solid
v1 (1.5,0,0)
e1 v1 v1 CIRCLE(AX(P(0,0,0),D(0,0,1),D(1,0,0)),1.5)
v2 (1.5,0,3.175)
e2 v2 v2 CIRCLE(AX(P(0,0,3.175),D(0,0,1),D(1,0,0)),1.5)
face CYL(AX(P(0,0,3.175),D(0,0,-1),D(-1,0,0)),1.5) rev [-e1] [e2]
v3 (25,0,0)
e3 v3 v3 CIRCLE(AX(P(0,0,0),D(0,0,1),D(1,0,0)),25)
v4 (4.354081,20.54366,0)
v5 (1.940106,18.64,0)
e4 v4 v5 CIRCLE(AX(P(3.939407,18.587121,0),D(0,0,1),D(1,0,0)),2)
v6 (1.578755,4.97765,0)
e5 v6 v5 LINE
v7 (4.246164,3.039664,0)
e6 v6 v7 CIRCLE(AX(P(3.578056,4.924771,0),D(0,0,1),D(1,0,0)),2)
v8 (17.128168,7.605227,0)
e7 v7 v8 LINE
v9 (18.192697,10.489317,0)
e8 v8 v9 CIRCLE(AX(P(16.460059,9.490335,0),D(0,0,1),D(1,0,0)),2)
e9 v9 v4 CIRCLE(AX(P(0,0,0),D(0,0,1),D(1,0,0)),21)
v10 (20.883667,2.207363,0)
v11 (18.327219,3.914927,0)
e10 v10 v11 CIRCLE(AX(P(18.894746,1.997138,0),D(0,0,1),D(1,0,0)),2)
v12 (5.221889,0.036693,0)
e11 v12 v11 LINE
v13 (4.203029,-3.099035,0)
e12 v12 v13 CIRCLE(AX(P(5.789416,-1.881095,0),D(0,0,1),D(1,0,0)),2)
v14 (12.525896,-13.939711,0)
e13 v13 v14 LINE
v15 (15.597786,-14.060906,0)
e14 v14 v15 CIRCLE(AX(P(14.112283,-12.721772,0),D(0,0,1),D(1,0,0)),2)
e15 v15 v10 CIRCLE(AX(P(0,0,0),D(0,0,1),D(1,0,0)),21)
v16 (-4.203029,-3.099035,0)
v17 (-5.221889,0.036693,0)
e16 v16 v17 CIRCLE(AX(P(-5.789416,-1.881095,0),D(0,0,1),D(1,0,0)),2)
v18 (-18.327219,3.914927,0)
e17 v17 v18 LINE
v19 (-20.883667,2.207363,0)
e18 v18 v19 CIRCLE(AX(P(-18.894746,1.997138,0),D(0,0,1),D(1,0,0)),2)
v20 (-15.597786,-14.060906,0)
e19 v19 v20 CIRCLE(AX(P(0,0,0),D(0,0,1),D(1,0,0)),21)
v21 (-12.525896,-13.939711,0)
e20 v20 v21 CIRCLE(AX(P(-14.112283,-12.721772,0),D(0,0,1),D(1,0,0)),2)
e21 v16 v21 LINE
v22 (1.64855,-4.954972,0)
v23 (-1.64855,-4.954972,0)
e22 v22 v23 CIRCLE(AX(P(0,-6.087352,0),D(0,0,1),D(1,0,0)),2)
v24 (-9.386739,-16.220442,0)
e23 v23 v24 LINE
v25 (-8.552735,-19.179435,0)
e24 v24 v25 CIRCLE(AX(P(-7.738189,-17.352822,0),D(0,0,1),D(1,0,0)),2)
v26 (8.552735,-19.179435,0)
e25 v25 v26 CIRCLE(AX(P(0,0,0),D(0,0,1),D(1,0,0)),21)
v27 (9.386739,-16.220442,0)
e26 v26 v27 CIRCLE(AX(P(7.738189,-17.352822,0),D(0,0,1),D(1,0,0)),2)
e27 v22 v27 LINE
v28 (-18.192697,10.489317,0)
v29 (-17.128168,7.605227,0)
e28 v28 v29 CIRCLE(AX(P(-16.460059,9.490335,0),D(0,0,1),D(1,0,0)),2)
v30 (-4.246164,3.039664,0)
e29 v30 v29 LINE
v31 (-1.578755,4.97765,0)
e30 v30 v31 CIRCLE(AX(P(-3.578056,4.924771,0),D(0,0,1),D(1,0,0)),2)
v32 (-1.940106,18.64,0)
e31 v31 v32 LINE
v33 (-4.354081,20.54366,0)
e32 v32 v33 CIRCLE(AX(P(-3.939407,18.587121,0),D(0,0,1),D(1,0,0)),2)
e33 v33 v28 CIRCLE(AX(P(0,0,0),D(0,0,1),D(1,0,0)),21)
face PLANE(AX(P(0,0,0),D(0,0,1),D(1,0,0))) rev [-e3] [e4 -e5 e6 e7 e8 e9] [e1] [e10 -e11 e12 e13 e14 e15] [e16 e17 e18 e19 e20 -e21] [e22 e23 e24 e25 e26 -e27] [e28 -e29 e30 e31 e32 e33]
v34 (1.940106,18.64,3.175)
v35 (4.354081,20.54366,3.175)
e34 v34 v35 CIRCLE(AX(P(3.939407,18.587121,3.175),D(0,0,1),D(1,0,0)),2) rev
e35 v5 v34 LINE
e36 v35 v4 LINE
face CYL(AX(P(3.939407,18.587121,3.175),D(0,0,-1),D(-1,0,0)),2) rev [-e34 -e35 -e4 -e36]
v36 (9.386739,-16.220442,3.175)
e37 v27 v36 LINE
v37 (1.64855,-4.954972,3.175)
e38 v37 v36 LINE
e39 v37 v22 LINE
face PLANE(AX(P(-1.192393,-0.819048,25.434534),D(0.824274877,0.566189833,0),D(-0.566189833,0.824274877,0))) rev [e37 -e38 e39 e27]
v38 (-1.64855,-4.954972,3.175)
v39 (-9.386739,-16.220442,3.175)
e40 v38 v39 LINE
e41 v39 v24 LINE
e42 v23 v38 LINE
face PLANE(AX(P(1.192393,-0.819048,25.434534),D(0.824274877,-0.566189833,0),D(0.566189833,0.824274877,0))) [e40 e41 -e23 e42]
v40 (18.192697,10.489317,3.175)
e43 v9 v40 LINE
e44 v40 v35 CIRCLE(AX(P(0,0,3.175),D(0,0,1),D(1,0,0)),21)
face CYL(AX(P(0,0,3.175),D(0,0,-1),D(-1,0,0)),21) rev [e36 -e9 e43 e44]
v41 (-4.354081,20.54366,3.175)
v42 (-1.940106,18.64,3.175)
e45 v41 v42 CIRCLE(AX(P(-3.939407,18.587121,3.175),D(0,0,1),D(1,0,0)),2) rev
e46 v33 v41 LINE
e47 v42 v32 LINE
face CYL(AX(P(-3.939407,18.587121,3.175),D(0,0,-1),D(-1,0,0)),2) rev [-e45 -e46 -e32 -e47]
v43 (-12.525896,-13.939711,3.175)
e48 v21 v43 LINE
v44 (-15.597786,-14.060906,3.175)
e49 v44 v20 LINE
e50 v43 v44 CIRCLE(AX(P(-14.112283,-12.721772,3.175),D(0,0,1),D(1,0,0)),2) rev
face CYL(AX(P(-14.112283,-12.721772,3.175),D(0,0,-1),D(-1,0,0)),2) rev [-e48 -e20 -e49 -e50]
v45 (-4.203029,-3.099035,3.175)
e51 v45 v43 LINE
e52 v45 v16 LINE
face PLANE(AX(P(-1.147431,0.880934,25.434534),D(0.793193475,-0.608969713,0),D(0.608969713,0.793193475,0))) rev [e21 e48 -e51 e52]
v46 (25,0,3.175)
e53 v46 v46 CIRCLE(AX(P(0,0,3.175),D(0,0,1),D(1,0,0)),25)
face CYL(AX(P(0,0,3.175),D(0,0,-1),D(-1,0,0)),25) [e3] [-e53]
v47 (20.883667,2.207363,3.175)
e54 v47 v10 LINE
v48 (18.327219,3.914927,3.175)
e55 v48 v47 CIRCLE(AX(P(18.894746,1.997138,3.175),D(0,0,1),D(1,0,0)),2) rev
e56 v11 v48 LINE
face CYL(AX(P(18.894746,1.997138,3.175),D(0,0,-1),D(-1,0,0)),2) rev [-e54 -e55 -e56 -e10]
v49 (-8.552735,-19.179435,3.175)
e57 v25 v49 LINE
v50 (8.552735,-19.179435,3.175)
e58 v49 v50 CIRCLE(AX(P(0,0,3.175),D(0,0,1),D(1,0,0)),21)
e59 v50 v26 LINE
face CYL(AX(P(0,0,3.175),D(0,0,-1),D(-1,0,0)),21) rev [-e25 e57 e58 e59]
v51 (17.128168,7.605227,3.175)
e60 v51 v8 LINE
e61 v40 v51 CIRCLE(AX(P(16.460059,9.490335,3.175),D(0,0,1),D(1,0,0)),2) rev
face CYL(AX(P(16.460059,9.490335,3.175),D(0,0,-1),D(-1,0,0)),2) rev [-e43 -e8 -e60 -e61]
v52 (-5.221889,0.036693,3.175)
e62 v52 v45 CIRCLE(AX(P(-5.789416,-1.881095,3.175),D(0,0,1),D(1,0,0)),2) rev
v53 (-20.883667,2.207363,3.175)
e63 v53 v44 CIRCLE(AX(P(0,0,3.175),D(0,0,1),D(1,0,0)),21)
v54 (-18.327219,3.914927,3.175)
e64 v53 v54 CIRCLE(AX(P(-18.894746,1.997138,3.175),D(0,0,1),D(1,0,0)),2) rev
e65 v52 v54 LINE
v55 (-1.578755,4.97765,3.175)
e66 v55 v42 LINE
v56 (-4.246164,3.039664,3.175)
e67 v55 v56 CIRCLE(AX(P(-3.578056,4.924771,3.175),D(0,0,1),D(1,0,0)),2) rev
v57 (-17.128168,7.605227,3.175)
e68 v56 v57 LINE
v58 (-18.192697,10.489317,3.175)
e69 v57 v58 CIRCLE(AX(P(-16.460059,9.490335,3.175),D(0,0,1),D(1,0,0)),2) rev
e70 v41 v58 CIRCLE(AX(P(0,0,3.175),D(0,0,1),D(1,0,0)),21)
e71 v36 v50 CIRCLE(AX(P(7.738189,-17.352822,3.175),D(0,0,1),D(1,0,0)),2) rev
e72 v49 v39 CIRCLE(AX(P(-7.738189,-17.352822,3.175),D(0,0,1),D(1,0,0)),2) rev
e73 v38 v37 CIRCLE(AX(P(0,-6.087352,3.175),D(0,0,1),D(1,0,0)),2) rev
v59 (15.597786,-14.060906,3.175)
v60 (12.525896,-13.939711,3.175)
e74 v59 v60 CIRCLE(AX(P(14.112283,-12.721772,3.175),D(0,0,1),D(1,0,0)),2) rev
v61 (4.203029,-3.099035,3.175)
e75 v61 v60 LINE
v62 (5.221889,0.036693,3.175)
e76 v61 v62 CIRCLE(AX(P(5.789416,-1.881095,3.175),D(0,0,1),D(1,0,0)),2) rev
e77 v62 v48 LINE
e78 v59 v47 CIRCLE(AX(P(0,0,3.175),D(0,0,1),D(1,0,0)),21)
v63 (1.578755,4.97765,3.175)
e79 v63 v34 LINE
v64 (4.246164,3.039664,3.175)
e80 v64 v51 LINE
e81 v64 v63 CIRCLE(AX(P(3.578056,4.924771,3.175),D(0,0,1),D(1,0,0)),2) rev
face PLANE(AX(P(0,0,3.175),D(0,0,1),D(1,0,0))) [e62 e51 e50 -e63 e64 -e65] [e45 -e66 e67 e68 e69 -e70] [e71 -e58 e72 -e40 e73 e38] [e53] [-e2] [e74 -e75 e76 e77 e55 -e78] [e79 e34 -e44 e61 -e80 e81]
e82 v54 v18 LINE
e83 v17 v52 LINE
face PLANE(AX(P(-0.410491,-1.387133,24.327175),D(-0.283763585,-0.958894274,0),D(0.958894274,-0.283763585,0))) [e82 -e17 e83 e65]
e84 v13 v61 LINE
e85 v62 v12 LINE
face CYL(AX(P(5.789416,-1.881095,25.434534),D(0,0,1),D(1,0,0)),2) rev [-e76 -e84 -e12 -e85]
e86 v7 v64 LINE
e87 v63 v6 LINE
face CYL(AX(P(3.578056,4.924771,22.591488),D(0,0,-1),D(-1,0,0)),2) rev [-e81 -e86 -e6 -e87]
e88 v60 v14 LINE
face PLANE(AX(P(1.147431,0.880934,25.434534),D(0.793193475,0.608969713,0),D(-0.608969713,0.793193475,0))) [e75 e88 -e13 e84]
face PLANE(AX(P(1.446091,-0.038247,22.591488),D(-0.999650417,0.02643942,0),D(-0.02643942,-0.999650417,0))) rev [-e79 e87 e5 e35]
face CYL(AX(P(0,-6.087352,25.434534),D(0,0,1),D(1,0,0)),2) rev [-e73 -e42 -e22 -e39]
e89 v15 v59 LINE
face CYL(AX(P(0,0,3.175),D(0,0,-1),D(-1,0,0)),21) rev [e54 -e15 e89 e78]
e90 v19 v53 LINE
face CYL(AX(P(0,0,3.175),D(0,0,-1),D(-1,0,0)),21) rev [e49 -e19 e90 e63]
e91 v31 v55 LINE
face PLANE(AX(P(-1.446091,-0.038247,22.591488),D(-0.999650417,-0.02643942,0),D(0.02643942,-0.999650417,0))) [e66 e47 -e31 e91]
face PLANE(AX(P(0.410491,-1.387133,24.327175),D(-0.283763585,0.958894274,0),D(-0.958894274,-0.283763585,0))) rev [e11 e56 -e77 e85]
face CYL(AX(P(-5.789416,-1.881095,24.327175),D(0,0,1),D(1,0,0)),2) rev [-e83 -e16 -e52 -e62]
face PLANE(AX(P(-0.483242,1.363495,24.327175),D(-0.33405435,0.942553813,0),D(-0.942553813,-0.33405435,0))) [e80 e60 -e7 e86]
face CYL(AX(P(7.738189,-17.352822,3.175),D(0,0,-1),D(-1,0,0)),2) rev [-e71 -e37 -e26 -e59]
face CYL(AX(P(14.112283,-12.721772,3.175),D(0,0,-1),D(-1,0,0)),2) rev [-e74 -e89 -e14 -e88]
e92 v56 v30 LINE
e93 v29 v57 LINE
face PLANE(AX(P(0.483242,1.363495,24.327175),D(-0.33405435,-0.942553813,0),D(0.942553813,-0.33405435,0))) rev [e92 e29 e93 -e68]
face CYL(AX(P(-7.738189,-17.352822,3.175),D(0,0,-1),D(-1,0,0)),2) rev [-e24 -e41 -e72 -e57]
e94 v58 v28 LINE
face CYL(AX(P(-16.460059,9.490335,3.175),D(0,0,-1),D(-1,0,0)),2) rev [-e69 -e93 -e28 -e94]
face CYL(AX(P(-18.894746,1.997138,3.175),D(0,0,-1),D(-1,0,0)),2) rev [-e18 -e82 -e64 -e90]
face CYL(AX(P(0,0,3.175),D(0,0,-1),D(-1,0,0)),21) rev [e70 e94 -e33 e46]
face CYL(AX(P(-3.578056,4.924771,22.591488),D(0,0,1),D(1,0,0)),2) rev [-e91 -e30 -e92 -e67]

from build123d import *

# Parameters (mm, degrees)
SKETCH1_R             = 25
SKETCH1_R_2           = 21
BOSS_EXTRUDE1_DEPTH   = 3.175
SKETCH1_R_3           = 2.5
SKETCH1_R_4           = 1.5
BOSS_EXTRUDE1_2_DEPTH = 3.175
BOSS_EXTRUDE2_DEPTH   = 3.175
CIRPATTERN1_COUNT     = 5
FILLET1_R             = 2
FILLET2_R             = 2


with BuildPart() as part:
    # Sketch1 → Boss-Extrude1 (new body)
    with BuildSketch(Plane.XY):
        Circle(SKETCH1_R)
        Circle(SKETCH1_R_2, mode=Mode.SUBTRACT)
    extrude(amount=BOSS_EXTRUDE1_DEPTH)



with BuildPart() as body_2:
    # Sketch1 → Boss-Extrude1 2 (new body)
    with BuildSketch(Plane.XY):
        Circle(SKETCH1_R_3)
        Circle(SKETCH1_R_4, mode=Mode.SUBTRACT)
    extrude(amount=BOSS_EXTRUDE1_2_DEPTH)


with BuildPart() as part_1:
    add(part.part)

    add(body_2.part)  # Boss-Extrude2 merges body 2
    # Sketch2 → Boss-Extrude2 (add)
    with BuildSketch(Plane.XY):
        with BuildLine():
            ThreePointArc((-1.5, 2), (-0.790569415, 2.371708245), (0, 2.5))
            Line((0, 2.5), (0, 21))
            ThreePointArc((0, 21), (-1.00113831, 20.976122666), (-2, 20.90454496))
            Line((-2, 20.90454496), (-1.5, 2))
        make_face()
        with BuildLine():
            Line((0, 21), (0, 2.5))
            ThreePointArc((0, 2.5), (0.790569415, 2.371708245), (1.5, 2))
            Line((1.5, 2), (2, 20.90454496))
            ThreePointArc((2, 20.90454496), (1.00113831, 20.976122666), (0, 21))
        make_face()
    boss_extrude2 = extrude(amount=BOSS_EXTRUDE2_DEPTH)

    # CirPattern1: Boss-Extrude2 ×5 about axis
    cirpattern1_axis = Axis((0, 0, 0), (0, 0, 1))
    for i in range(1, CIRPATTERN1_COUNT):
        add(boss_extrude2.rotate(cirpattern1_axis, i * 360 / CIRPATTERN1_COUNT))

    # Fillet1
    fillet1_edges = [part_1.edges().sort_by_distance(p)[0] for p in [
        (1.501772388, 2.067012363, 1.5875),
        (-1.501772388, 2.067012363, 1.5875),
        (-2.429918767, -0.789528467, 1.5875),
        (0, -2.554967791, 1.5875),
        (2.429918767, -0.789528467, 1.5875),
    ]]
    fillet(fillet1_edges, radius=FILLET1_R)

    # Fillet2
    fillet2_edges = [part_1.edges().sort_by_distance(p)[0] for p in [
        (-2, 20.90454496, 1.5875),
        (2, 20.90454496, 1.5875),
        (19.263369716, 8.361972685, 1.5875),
        (-20.499437693, 4.55774662, 1.5875),
        (-19.263369716, 8.361972685, 1.5875),
        (-10.669349245, -18.087702637, 1.5875),
        (-13.905417222, -15.736561628, 1.5875),
        (13.905417222, -15.736561628, 1.5875),
        (10.669349245, -18.087702637, 1.5875),
        (20.499437693, 4.55774662, 1.5875),
    ]]
    fillet(fillet2_edges, radius=FILLET2_R)


solid = part_1.part
